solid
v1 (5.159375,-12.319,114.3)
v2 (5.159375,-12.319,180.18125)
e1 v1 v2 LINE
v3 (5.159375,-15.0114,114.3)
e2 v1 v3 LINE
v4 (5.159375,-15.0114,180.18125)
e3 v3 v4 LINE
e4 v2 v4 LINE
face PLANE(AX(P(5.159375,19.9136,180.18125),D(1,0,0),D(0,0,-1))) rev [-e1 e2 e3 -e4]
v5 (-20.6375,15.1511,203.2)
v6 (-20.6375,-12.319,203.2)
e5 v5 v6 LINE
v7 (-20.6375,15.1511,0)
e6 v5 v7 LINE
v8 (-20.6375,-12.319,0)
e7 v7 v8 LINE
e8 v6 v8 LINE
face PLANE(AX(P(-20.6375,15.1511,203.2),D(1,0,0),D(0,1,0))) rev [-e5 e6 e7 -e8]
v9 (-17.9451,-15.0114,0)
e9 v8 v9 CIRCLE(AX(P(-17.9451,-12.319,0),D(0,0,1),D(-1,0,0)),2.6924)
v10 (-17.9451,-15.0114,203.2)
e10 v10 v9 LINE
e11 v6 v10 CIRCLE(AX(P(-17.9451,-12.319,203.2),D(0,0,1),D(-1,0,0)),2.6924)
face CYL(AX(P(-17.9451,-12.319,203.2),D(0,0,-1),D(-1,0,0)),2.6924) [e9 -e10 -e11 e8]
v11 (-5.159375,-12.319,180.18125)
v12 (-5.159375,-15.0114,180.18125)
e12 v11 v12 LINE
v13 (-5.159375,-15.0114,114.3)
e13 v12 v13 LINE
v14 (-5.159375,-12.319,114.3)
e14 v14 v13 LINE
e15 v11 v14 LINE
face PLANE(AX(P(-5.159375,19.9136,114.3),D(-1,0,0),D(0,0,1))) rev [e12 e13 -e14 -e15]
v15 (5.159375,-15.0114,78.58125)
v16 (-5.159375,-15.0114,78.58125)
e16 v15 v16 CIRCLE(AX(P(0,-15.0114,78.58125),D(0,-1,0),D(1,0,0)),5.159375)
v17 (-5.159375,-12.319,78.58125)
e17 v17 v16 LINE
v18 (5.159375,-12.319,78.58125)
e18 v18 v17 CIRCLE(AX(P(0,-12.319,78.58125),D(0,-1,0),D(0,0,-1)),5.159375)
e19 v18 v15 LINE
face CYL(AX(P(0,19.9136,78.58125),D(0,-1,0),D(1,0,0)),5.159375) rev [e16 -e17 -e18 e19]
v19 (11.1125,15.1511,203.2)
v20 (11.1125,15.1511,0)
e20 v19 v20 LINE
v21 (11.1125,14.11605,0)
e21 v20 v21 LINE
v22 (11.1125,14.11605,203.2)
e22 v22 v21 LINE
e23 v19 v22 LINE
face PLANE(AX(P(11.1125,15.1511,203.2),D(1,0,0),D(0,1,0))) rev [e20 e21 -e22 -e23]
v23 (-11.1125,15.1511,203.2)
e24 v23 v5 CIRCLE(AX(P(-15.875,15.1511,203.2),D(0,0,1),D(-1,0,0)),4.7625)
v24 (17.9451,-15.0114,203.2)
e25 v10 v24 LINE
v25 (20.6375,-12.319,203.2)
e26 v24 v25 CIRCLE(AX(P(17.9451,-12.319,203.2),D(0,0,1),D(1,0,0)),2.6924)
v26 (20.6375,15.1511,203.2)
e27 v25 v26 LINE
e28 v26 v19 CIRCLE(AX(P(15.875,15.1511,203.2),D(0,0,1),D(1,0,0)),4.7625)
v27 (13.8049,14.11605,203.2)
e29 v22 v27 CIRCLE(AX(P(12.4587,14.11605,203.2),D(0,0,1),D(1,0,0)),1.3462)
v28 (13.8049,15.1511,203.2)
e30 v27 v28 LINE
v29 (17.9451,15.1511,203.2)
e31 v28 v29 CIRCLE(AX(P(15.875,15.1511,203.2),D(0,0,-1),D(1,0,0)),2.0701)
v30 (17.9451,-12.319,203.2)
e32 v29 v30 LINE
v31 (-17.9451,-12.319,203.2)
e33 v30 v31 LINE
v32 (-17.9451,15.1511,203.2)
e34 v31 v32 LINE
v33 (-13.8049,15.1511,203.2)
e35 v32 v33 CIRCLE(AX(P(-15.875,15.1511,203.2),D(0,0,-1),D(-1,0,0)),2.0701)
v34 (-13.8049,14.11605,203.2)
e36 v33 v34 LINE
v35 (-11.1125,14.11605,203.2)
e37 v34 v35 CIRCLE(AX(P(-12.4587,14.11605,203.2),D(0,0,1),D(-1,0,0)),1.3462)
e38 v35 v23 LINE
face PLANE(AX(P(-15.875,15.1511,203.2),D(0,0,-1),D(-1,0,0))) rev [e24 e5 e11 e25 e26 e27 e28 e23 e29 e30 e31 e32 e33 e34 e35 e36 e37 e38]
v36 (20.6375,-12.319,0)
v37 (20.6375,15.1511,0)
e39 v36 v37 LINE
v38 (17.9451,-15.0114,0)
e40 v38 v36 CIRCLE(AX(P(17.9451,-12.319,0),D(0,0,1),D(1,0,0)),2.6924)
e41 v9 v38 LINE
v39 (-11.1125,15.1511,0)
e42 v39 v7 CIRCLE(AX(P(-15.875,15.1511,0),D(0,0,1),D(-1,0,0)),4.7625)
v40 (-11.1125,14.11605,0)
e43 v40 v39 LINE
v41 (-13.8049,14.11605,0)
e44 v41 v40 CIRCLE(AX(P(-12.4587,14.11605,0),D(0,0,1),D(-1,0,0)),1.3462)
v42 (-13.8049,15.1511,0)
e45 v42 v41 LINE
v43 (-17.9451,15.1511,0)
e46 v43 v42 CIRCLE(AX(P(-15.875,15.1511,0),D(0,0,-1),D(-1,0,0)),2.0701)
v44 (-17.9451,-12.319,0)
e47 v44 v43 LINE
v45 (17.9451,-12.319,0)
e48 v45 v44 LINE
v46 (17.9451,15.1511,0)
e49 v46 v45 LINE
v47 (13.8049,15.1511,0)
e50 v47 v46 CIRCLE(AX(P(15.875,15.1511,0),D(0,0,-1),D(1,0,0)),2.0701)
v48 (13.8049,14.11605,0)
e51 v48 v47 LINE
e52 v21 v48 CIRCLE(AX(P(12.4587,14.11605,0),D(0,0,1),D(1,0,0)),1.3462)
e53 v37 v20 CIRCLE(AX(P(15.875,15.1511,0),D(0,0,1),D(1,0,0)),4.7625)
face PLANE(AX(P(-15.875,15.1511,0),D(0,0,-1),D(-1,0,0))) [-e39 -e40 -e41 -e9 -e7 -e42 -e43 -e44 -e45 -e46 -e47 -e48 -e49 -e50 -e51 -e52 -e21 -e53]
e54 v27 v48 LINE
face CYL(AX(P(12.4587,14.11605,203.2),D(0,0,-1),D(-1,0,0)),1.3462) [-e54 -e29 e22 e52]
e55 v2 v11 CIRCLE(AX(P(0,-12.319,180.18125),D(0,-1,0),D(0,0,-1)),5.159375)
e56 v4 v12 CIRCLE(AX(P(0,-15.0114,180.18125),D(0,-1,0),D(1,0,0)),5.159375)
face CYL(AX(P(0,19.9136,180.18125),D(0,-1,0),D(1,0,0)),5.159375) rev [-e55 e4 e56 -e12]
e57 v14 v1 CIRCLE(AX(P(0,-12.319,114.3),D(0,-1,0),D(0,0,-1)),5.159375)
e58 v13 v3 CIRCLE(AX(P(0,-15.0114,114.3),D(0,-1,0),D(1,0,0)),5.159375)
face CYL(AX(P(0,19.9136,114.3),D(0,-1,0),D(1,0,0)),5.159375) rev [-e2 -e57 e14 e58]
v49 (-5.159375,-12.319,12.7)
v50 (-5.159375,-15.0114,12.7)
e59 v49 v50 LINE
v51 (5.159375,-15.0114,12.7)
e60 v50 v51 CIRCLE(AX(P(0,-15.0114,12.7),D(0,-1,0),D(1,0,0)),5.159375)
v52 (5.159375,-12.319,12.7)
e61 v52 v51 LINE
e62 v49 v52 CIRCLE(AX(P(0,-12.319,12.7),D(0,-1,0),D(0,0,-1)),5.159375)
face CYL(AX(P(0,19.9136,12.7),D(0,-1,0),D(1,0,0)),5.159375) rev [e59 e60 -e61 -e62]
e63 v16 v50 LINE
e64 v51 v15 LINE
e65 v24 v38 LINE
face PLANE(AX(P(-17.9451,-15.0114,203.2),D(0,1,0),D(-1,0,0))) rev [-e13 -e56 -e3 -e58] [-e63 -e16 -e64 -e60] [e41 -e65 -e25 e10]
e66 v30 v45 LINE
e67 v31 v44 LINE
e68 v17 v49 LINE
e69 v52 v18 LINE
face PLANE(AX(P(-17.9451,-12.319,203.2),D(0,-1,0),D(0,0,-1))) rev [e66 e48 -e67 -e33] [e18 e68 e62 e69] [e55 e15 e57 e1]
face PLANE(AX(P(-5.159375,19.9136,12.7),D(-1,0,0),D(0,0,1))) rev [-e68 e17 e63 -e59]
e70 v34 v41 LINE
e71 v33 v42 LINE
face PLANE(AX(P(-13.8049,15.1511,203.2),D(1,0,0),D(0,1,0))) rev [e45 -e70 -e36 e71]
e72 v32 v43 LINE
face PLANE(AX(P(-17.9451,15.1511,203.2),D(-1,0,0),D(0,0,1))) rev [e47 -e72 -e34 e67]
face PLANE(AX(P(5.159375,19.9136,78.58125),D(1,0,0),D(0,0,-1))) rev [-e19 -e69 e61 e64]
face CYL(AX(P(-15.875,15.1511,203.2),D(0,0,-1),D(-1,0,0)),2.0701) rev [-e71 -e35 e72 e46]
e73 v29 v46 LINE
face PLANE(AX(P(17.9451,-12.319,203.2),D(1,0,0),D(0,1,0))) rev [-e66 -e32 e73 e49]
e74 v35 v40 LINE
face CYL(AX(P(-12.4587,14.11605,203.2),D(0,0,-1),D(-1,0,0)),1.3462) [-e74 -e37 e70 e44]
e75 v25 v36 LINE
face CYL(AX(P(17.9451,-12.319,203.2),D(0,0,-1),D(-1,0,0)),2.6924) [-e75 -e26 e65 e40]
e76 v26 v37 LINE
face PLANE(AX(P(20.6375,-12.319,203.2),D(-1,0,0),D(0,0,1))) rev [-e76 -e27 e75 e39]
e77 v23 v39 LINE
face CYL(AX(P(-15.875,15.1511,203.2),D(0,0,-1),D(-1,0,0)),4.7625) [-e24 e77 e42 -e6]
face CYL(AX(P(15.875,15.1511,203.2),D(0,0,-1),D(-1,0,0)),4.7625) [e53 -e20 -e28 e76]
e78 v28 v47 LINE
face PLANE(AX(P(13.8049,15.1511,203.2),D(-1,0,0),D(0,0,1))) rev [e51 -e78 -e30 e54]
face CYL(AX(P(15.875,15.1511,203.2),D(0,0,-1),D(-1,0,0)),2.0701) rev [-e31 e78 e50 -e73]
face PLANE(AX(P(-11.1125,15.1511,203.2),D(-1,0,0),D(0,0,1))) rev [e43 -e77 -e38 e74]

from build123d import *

# Parameters (mm, degrees)
BASE_EXTRUDE_DEPTH = 203.2
SLOT_DEPTH         = 231.87446075
LPATTERN1_COUNT    = 2
LPATTERN1_PITCH    = 101.6


with BuildPart() as part:
    # Sketch1 → Base-Extrude (new body)
    with BuildSketch(Plane.XY):
        with BuildLine():
            Line((-20.6375, 15.1511), (-20.6375, -12.319))
            ThreePointArc((-20.6375, -12.319), (-19.848914298, -14.222814298), (-17.9451, -15.0114))
            Line((-17.9451, -15.0114), (17.9451, -15.0114))
            ThreePointArc((17.9451, -15.0114), (19.848914298, -14.222814298), (20.6375, -12.319))
            Line((20.6375, -12.319), (20.6375, 15.1511))
            ThreePointArc((20.6375, 15.1511), (15.875, 19.9136), (11.1125, 15.1511))
            Line((11.1125, 15.1511), (11.1125, 14.11605))
            ThreePointArc((11.1125, 14.11605), (12.4587, 12.76985), (13.8049, 14.11605))
            Line((13.8049, 14.11605), (13.8049, 15.1511))
            ThreePointArc((13.8049, 15.1511), (15.875, 17.2212), (17.9451, 15.1511))
            Line((17.9451, 15.1511), (17.9451, -12.319))
            Line((17.9451, -12.319), (-17.9451, -12.319))
            Line((-17.9451, -12.319), (-17.9451, 15.1511))
            ThreePointArc((-17.9451, 15.1511), (-15.875, 17.2212), (-13.8049, 15.1511))
            Line((-13.8049, 15.1511), (-13.8049, 14.11605))
            ThreePointArc((-13.8049, 14.11605), (-12.4587, 12.76985), (-11.1125, 14.11605))
            Line((-11.1125, 14.11605), (-11.1125, 15.1511))
            ThreePointArc((-11.1125, 15.1511), (-15.875, 19.9136), (-20.6375, 15.1511))
        make_face()
    extrude(amount=BASE_EXTRUDE_DEPTH)

    # Sketch2 → Slot (cut, through all)
    with BuildSketch(Plane(origin=(0.747608536, -15.0114, -24.013419794), x_dir=(1, 0, 0), z_dir=(0, -1, 0))):
        with BuildLine():
            Line((4.411766464, 102.594669794), (4.411766464, 36.713419794))
            ThreePointArc((4.411766464, 36.713419794), (-0.747608536, 31.554044794), (-5.906983536, 36.713419794))
            Line((-5.906983536, 36.713419794), (-5.906983536, 102.594669794))
            ThreePointArc((-5.906983536, 102.594669794), (-0.747608536, 107.754044794), (4.411766464, 102.594669794))
        make_face()
    slot = extrude(amount=-SLOT_DEPTH, mode=Mode.SUBTRACT)

    # LPattern1: Slot ×2
    with Locations(*[(0, 0, i * LPATTERN1_PITCH) for i in range(1, LPATTERN1_COUNT)]):
        add(slot, mode=Mode.SUBTRACT)


solid = part.part
